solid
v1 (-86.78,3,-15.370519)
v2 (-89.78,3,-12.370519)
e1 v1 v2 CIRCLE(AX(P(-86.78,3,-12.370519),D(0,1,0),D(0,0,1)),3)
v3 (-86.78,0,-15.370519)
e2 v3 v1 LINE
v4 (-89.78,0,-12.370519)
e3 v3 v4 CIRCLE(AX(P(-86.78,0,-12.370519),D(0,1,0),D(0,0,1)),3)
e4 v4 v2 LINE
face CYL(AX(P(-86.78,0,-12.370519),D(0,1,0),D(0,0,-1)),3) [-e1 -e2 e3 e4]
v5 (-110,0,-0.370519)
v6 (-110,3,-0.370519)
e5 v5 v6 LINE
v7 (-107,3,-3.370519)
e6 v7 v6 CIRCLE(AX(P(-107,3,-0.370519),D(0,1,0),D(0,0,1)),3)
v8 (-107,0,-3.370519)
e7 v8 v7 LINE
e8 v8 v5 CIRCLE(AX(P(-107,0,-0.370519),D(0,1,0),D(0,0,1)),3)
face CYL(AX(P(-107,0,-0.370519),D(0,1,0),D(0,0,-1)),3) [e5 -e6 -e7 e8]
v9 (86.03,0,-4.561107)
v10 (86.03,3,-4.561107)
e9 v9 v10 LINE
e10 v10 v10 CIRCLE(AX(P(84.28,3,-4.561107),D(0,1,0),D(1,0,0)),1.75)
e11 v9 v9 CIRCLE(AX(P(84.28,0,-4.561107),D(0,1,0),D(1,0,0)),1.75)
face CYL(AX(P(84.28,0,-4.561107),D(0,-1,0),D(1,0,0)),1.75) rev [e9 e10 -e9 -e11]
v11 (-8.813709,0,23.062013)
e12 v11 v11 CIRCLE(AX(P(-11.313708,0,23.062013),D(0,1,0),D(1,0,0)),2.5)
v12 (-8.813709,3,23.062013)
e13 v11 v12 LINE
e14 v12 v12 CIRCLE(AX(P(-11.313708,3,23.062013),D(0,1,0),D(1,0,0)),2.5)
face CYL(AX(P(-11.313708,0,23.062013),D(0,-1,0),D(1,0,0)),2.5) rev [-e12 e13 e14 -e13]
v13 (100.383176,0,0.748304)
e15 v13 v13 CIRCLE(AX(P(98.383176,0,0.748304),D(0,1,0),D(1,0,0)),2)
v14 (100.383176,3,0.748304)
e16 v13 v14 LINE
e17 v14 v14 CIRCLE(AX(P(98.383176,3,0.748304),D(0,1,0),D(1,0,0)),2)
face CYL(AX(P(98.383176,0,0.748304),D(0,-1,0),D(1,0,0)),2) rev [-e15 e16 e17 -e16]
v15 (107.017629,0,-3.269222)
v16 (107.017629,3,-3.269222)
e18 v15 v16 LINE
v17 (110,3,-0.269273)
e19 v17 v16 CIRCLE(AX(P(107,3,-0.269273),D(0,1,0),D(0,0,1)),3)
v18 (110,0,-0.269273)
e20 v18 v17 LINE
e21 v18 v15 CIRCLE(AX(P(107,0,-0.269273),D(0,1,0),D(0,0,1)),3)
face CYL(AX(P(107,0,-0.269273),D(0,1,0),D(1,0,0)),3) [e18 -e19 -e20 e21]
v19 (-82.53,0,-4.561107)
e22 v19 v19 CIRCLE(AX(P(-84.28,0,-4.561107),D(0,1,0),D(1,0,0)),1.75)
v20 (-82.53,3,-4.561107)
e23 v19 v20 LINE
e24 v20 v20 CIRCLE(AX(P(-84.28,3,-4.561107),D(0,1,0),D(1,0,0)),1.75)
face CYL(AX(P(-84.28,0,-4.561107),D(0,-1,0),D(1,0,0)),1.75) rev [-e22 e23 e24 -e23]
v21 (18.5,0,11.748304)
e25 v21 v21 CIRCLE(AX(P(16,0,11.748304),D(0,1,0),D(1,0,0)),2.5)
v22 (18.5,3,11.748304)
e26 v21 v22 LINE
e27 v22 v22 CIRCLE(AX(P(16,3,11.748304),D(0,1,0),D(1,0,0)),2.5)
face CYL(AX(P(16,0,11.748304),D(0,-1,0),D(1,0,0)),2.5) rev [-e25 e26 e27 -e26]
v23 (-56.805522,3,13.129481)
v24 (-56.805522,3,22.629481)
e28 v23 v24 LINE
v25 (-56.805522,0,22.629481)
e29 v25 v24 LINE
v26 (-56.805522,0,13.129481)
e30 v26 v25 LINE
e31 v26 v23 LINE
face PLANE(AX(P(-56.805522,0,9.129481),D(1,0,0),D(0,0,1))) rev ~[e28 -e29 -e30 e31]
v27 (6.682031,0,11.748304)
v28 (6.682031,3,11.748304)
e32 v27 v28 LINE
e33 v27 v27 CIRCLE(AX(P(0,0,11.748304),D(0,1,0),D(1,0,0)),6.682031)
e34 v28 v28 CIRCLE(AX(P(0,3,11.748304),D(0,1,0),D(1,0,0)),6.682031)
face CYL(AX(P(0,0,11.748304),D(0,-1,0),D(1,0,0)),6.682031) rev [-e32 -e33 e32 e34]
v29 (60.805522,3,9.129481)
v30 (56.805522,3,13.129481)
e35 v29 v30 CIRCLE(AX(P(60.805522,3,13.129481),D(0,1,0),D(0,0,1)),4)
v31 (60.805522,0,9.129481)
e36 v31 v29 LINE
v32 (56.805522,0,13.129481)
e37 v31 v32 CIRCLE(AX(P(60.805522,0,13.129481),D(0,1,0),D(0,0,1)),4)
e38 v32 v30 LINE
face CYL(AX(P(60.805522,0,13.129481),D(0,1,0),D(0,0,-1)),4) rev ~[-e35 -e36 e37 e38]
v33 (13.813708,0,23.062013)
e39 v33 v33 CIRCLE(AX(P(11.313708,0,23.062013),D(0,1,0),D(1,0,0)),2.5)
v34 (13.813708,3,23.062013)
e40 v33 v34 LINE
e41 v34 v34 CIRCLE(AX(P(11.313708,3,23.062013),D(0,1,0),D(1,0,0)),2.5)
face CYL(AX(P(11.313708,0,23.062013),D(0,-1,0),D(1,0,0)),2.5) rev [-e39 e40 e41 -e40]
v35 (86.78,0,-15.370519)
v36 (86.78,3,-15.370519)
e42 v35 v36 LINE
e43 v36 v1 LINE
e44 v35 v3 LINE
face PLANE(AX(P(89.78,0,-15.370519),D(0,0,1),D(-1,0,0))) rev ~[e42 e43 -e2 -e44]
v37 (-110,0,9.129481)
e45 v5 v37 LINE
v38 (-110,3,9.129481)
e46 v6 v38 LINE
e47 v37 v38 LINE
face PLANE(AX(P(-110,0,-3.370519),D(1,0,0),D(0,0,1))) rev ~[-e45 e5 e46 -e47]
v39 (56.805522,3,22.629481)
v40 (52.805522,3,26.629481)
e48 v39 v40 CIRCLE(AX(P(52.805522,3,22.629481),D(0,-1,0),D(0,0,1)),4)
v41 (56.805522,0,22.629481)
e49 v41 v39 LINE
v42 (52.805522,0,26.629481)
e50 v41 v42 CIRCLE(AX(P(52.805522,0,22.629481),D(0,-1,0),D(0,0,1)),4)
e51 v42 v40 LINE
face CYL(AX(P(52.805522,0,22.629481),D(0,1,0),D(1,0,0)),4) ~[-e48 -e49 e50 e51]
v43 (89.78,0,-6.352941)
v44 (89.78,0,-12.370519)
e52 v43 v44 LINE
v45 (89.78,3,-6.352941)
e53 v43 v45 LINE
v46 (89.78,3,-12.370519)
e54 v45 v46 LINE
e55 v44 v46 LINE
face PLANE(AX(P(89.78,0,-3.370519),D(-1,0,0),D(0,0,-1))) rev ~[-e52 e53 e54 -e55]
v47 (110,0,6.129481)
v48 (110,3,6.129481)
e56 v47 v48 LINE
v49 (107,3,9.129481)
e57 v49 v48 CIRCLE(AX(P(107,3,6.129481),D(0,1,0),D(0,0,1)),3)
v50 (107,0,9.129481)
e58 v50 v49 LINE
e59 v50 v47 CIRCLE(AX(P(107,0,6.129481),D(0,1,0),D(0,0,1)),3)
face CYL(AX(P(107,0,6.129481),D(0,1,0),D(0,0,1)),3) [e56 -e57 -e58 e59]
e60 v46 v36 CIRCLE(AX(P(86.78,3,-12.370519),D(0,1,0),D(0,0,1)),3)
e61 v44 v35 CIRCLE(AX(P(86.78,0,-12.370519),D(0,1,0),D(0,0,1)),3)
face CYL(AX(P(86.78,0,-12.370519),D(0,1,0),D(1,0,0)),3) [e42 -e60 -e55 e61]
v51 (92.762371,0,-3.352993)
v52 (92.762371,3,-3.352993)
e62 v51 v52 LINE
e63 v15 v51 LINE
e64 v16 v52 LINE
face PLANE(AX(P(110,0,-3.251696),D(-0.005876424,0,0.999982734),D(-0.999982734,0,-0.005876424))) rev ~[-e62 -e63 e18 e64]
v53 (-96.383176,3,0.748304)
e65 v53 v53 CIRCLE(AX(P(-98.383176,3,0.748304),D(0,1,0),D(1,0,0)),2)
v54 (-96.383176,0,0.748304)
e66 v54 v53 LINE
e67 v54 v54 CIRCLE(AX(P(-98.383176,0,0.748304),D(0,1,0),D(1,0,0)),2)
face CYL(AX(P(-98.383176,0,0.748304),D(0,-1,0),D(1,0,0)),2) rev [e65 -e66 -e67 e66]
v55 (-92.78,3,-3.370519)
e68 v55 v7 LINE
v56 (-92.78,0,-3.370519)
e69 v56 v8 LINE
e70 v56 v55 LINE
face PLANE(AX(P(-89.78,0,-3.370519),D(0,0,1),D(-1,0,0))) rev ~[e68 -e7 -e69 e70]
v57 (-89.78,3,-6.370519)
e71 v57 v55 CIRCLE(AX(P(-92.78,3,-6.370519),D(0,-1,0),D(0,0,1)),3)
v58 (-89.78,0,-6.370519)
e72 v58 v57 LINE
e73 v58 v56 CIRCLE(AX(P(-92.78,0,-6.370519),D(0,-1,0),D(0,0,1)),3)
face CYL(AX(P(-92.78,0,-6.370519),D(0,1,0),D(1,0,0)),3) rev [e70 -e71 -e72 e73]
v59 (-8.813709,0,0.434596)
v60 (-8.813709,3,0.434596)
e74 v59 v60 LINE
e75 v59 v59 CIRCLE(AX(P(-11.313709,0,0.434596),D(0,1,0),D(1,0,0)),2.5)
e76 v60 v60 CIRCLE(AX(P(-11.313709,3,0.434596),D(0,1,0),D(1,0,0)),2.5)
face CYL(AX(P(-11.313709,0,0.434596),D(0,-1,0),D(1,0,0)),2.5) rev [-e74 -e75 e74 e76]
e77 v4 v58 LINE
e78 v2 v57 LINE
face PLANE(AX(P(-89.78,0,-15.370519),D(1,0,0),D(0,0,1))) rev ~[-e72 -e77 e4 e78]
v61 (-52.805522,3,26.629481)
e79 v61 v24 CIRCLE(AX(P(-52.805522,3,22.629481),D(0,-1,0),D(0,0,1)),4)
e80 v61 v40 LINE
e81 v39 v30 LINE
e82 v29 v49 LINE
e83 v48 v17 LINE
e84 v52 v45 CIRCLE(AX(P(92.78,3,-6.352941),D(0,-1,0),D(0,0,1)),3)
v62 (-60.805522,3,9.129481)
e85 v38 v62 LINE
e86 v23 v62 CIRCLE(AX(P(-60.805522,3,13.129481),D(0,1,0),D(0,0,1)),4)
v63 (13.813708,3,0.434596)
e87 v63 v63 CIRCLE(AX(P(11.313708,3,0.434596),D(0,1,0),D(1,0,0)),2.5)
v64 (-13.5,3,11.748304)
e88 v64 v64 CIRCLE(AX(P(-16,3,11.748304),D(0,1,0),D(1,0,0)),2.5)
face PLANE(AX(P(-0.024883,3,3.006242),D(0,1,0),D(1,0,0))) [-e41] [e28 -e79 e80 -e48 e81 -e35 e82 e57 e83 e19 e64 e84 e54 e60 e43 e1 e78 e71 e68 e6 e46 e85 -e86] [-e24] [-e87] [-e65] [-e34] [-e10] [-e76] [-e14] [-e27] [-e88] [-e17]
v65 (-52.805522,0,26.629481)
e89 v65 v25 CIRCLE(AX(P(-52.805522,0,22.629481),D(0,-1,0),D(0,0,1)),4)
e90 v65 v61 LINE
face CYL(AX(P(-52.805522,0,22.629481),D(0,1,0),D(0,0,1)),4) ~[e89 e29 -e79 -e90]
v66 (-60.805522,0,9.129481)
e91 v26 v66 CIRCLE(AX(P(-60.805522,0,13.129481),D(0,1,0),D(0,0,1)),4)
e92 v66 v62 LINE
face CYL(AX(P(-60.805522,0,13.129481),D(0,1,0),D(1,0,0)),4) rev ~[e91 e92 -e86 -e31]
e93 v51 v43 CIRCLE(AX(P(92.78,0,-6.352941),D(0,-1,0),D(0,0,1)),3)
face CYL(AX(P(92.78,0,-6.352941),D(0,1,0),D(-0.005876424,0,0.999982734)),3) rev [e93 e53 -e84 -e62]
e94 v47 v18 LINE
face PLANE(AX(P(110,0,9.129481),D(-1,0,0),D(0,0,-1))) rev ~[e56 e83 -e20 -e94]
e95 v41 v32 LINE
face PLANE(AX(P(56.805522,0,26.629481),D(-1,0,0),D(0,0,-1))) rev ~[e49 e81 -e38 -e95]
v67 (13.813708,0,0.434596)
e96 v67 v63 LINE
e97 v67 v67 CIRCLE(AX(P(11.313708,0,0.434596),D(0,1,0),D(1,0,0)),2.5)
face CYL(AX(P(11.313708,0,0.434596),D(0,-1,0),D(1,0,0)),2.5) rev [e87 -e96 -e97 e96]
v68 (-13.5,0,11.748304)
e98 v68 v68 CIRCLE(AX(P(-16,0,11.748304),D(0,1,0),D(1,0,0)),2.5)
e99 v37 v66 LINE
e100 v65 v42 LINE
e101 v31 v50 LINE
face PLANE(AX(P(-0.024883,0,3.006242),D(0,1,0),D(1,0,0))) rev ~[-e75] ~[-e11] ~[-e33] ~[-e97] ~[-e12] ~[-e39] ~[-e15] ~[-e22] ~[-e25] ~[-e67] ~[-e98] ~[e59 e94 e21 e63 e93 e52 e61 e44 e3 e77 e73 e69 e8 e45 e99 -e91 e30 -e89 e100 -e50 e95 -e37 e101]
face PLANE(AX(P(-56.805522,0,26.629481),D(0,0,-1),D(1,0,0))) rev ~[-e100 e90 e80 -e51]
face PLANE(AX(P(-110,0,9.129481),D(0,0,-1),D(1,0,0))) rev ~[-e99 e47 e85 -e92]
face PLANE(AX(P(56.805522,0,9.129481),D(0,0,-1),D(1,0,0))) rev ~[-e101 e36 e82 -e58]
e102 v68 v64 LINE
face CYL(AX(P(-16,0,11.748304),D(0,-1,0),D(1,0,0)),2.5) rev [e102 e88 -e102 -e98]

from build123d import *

# Parameters (mm, degrees)
SKETCH_2_R      = 2.5
SKETCH_2_R_2    = 2.499999999
SKETCH_2_R_3    = 6.682030953
SKETCH_2_R_4    = 2
SKETCH_2_R_5    = 1.75
EXTRUDE_1_DEPTH = 3
FILLET_1_R      = 4
FILLET_2_R      = 3


with BuildPart() as part:
    # 草图2 → 凸台-拉伸1 (new body)
    with BuildSketch(Plane(origin=(0, 0, 0), x_dir=(1, 0, 0), z_dir=(0, 1, 0))):
        Polygon((56.805521657, -9.129480985), (110, -9.129480985), (110, 3.251695679), (89.78, 3.370519015), (89.78, 15.370519015), (-89.78, 15.370519015), (-89.78, 3.370519015), (-110, 3.370519015), (-110, -9.129480985), (-56.805521657, -9.129480985), (-56.805521657, -26.629480985), (56.805521657, -26.629480985), align=None)
        with Locations((-16.000000001, -11.748304322)):
            Circle(SKETCH_2_R, mode=Mode.SUBTRACT)
        with Locations((-11.313708499, -23.062012821)):
            Circle(SKETCH_2_R_2, mode=Mode.SUBTRACT)
        with Locations((-11.3137085, -0.434595823)):
            Circle(SKETCH_2_R, mode=Mode.SUBTRACT)
        with Locations((0, -11.748304321)):
            Circle(SKETCH_2_R_3, mode=Mode.SUBTRACT)
        with Locations((11.313708498, -0.434595822)):
            Circle(SKETCH_2_R, mode=Mode.SUBTRACT)
        with Locations((16, -11.748304321)):
            Circle(SKETCH_2_R, mode=Mode.SUBTRACT)
        with Locations((11.313708499, -23.062012821)):
            Circle(SKETCH_2_R_2, mode=Mode.SUBTRACT)
        with Locations((98.383175919, -0.748304322)):
            Circle(SKETCH_2_R_4, mode=Mode.SUBTRACT)
        with Locations((84.28, 4.561107346)):
            Circle(SKETCH_2_R_5, mode=Mode.SUBTRACT)
        with Locations((-84.280000001, 4.561107346)):
            Circle(SKETCH_2_R_5, mode=Mode.SUBTRACT)
        with Locations((-98.38317592, -0.748304322)):
            Circle(SKETCH_2_R_4, mode=Mode.SUBTRACT)
    extrude(amount=EXTRUDE_1_DEPTH)

    # 圆角1
    fillet_1_edges = [part.edges().sort_by_distance(p)[0] for p in [
        (56.805521657, 1.5, 9.129480985),
        (56.805521657, 1.5, 26.629480985),
        (-56.805521657, 1.5, 26.629480985),
        (-56.805521657, 1.5, 9.129480985),
    ]]
    fillet(fillet_1_edges, radius=FILLET_1_R)

    # 圆角2
    fillet_2_edges = [part.edges().sort_by_distance(p)[0] for p in [
        (89.78, 1.5, -3.370519015),
        (110, 1.5, -3.251695679),
        (110, 1.5, 9.129480985),
        (-110, 1.5, -3.370519015),
        (-89.78, 1.5, -3.370519015),
        (-89.78, 1.5, -15.370519015),
        (89.78, 1.5, -15.370519015),
    ]]
    fillet(fillet_2_edges, radius=FILLET_2_R)


solid = part.part
